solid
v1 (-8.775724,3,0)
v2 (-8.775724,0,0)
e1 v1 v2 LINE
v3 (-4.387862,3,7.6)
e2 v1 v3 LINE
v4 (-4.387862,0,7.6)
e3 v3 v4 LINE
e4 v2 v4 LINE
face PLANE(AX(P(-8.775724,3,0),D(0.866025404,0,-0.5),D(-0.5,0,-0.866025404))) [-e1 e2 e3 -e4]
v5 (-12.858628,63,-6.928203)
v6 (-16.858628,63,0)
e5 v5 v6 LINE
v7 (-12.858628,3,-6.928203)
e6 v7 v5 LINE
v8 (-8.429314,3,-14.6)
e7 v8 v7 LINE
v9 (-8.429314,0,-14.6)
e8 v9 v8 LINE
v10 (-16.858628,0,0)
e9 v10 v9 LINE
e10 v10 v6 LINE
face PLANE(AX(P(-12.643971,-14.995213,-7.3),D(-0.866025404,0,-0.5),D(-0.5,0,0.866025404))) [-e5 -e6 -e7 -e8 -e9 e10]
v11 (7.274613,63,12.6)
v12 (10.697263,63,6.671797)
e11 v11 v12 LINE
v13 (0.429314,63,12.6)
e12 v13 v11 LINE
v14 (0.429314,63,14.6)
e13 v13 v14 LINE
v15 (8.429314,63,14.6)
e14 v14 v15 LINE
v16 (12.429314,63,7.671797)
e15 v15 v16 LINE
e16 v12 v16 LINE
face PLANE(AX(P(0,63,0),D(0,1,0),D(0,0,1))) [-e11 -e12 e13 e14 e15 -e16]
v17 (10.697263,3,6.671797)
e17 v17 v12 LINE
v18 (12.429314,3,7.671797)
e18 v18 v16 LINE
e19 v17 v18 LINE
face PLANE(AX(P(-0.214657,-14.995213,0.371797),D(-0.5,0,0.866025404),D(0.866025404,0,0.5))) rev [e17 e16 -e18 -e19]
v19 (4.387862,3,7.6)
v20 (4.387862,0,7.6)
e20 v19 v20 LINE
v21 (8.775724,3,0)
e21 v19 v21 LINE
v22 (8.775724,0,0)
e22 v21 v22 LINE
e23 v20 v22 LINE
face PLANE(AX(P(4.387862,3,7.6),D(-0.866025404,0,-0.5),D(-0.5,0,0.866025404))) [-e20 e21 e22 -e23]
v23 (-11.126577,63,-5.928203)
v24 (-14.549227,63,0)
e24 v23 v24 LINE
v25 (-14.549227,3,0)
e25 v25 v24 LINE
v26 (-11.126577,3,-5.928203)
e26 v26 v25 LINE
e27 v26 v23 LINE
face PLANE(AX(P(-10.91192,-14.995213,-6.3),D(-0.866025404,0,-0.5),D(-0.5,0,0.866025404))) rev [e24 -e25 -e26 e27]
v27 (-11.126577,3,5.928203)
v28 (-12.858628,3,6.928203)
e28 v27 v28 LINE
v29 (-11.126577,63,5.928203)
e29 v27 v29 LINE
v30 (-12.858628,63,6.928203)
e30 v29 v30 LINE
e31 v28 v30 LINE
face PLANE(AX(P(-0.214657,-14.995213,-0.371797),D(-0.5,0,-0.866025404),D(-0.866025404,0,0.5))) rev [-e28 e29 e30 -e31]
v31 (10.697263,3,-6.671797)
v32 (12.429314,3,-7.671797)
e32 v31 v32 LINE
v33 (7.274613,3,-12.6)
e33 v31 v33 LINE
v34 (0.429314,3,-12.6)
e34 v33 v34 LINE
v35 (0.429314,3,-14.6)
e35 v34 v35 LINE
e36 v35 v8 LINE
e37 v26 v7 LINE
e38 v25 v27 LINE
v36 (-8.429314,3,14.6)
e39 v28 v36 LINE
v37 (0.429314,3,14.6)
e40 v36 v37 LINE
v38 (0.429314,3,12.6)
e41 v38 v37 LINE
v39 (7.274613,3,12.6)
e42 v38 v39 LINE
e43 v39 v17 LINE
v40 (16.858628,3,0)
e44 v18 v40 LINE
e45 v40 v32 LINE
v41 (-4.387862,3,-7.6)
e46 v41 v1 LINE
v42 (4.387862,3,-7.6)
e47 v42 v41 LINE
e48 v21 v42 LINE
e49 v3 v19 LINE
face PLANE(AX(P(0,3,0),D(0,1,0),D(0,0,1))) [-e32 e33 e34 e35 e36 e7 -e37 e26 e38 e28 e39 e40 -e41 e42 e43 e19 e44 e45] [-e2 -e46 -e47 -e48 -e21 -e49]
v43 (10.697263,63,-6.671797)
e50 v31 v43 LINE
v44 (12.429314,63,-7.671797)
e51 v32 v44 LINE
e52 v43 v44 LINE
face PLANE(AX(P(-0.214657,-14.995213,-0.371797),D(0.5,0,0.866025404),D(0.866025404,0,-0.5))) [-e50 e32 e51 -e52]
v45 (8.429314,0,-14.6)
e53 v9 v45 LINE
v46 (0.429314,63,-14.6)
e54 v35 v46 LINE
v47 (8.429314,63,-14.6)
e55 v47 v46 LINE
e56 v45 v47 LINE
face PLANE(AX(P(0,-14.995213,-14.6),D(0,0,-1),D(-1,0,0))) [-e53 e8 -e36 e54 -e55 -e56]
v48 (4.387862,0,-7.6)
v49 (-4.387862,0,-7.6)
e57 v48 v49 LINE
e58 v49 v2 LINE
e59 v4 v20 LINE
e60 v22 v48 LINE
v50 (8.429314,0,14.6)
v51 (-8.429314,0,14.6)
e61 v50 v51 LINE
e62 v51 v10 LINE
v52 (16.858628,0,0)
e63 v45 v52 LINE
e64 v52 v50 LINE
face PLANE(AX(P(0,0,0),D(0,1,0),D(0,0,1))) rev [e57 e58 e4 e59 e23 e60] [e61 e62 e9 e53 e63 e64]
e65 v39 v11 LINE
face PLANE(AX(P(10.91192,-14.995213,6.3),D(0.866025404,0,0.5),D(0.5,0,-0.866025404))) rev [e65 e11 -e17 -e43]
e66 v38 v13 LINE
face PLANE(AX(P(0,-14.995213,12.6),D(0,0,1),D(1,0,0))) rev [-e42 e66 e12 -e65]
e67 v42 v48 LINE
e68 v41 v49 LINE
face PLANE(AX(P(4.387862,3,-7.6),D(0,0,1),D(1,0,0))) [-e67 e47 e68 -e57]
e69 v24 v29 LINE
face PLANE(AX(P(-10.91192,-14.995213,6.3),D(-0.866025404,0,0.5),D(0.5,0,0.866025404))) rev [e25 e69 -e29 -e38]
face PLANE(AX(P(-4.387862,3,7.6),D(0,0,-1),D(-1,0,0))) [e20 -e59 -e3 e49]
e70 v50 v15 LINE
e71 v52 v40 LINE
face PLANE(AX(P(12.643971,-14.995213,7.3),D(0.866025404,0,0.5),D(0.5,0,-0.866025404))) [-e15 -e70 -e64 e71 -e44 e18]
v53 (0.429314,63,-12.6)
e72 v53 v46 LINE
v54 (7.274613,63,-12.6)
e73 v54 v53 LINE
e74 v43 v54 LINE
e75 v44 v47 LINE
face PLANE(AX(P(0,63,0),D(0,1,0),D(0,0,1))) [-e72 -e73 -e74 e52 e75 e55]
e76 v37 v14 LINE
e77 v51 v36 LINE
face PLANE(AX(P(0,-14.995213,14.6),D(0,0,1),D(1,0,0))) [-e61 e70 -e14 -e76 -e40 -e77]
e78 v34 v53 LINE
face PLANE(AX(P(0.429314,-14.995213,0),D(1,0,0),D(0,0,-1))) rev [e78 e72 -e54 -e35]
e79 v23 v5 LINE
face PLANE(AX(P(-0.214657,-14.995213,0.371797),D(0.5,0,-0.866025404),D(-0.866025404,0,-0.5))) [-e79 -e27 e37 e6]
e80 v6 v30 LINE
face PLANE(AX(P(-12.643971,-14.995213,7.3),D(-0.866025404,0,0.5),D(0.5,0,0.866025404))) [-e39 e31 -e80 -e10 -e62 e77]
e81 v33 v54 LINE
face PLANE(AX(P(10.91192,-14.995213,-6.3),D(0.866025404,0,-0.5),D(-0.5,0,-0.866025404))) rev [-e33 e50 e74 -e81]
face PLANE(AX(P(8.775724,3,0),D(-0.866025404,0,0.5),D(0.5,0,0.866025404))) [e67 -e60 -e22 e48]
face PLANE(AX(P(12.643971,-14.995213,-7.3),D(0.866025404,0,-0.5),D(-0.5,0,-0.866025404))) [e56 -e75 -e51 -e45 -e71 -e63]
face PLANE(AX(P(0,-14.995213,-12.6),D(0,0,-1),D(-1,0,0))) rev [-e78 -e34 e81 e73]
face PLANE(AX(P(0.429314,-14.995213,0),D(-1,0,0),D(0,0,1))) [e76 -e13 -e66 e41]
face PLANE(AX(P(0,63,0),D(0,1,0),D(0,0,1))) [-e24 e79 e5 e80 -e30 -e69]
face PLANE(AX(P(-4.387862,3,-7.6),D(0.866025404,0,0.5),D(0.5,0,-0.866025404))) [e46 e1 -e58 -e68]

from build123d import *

# Parameters (mm, degrees)
EXTRUDE_1_DEPTH = 3
EXTRUDE_START   = -3
EXTRUDE_2_DEPTH = 63
EXTRUDE_3_DEPTH = 3


with BuildPart() as part:
    # 草图1 → 凸台-拉伸1 (new body)
    with BuildSketch(Plane(origin=(0, 0, 0), x_dir=(1, 0, 0), z_dir=(0, 1, 0))):
        Polygon((14.549226784, 0), (7.274613392, 12.6), (-7.274613392, 12.6), (-14.549226784, 0), (-7.274613392, -12.6), (7.274613392, -12.6), align=None)
        Polygon((-8.775724092, 0), (-4.387862046, -7.6), (4.387862046, -7.6), (8.775724092, 0), (4.387862046, 7.6), (-4.387862046, 7.6), align=None, mode=Mode.SUBTRACT)
    extrude(amount=EXTRUDE_1_DEPTH)

    # 草图2 → 凸台-拉伸2 (add)
    with BuildSketch(Plane(origin=(0, 3, 0), x_dir=(1, 0, 0), z_dir=(0, 1, 0)).offset(EXTRUDE_START)):
        Polygon((-12.85862786, 6.92820323), (-16.85862786, 0), (-12.85862786, -6.92820323), (-11.126577053, -5.92820323), (-14.549226784, 0), (-11.126577053, 5.92820323), align=None)
        Polygon((8.42931393, 14.6), (0.42931393, 14.6), (0.42931393, 12.6), (7.274613392, 12.6), (10.697263123, 6.67179677), (12.42931393, 7.67179677), align=None)
        Polygon((0.42931393, -12.6), (0.42931393, -14.6), (8.42931393, -14.6), (12.42931393, -7.67179677), (10.697263123, -6.67179677), (7.274613392, -12.6), align=None)
    extrude(amount=EXTRUDE_2_DEPTH)

    # 草图2<3> → 凸台-拉伸3 (add)
    with BuildSketch(Plane(origin=(0, 3, 0), x_dir=(1, 0, 0), z_dir=(0, 1, 0))):
        Polygon((-8.42931393, 14.6), (-12.85862786, 6.92820323), (-11.126577053, 5.92820323), (-7.274613392, 12.6), (0.42931393, 12.6), (0.42931393, 14.6), align=None)
        Polygon((10.697263123, -6.67179677), (12.42931393, -7.67179677), (16.85862786, 0), (12.42931393, 7.67179677), (10.697263123, 6.67179677), (14.549226784, 0), align=None)
        Polygon((-11.126577053, -5.92820323), (-12.85862786, -6.92820323), (-8.42931393, -14.6), (0.42931393, -14.6), (0.42931393, -12.6), (-7.274613392, -12.6), align=None)
    extrude(amount=-EXTRUDE_3_DEPTH)


solid = part.part
